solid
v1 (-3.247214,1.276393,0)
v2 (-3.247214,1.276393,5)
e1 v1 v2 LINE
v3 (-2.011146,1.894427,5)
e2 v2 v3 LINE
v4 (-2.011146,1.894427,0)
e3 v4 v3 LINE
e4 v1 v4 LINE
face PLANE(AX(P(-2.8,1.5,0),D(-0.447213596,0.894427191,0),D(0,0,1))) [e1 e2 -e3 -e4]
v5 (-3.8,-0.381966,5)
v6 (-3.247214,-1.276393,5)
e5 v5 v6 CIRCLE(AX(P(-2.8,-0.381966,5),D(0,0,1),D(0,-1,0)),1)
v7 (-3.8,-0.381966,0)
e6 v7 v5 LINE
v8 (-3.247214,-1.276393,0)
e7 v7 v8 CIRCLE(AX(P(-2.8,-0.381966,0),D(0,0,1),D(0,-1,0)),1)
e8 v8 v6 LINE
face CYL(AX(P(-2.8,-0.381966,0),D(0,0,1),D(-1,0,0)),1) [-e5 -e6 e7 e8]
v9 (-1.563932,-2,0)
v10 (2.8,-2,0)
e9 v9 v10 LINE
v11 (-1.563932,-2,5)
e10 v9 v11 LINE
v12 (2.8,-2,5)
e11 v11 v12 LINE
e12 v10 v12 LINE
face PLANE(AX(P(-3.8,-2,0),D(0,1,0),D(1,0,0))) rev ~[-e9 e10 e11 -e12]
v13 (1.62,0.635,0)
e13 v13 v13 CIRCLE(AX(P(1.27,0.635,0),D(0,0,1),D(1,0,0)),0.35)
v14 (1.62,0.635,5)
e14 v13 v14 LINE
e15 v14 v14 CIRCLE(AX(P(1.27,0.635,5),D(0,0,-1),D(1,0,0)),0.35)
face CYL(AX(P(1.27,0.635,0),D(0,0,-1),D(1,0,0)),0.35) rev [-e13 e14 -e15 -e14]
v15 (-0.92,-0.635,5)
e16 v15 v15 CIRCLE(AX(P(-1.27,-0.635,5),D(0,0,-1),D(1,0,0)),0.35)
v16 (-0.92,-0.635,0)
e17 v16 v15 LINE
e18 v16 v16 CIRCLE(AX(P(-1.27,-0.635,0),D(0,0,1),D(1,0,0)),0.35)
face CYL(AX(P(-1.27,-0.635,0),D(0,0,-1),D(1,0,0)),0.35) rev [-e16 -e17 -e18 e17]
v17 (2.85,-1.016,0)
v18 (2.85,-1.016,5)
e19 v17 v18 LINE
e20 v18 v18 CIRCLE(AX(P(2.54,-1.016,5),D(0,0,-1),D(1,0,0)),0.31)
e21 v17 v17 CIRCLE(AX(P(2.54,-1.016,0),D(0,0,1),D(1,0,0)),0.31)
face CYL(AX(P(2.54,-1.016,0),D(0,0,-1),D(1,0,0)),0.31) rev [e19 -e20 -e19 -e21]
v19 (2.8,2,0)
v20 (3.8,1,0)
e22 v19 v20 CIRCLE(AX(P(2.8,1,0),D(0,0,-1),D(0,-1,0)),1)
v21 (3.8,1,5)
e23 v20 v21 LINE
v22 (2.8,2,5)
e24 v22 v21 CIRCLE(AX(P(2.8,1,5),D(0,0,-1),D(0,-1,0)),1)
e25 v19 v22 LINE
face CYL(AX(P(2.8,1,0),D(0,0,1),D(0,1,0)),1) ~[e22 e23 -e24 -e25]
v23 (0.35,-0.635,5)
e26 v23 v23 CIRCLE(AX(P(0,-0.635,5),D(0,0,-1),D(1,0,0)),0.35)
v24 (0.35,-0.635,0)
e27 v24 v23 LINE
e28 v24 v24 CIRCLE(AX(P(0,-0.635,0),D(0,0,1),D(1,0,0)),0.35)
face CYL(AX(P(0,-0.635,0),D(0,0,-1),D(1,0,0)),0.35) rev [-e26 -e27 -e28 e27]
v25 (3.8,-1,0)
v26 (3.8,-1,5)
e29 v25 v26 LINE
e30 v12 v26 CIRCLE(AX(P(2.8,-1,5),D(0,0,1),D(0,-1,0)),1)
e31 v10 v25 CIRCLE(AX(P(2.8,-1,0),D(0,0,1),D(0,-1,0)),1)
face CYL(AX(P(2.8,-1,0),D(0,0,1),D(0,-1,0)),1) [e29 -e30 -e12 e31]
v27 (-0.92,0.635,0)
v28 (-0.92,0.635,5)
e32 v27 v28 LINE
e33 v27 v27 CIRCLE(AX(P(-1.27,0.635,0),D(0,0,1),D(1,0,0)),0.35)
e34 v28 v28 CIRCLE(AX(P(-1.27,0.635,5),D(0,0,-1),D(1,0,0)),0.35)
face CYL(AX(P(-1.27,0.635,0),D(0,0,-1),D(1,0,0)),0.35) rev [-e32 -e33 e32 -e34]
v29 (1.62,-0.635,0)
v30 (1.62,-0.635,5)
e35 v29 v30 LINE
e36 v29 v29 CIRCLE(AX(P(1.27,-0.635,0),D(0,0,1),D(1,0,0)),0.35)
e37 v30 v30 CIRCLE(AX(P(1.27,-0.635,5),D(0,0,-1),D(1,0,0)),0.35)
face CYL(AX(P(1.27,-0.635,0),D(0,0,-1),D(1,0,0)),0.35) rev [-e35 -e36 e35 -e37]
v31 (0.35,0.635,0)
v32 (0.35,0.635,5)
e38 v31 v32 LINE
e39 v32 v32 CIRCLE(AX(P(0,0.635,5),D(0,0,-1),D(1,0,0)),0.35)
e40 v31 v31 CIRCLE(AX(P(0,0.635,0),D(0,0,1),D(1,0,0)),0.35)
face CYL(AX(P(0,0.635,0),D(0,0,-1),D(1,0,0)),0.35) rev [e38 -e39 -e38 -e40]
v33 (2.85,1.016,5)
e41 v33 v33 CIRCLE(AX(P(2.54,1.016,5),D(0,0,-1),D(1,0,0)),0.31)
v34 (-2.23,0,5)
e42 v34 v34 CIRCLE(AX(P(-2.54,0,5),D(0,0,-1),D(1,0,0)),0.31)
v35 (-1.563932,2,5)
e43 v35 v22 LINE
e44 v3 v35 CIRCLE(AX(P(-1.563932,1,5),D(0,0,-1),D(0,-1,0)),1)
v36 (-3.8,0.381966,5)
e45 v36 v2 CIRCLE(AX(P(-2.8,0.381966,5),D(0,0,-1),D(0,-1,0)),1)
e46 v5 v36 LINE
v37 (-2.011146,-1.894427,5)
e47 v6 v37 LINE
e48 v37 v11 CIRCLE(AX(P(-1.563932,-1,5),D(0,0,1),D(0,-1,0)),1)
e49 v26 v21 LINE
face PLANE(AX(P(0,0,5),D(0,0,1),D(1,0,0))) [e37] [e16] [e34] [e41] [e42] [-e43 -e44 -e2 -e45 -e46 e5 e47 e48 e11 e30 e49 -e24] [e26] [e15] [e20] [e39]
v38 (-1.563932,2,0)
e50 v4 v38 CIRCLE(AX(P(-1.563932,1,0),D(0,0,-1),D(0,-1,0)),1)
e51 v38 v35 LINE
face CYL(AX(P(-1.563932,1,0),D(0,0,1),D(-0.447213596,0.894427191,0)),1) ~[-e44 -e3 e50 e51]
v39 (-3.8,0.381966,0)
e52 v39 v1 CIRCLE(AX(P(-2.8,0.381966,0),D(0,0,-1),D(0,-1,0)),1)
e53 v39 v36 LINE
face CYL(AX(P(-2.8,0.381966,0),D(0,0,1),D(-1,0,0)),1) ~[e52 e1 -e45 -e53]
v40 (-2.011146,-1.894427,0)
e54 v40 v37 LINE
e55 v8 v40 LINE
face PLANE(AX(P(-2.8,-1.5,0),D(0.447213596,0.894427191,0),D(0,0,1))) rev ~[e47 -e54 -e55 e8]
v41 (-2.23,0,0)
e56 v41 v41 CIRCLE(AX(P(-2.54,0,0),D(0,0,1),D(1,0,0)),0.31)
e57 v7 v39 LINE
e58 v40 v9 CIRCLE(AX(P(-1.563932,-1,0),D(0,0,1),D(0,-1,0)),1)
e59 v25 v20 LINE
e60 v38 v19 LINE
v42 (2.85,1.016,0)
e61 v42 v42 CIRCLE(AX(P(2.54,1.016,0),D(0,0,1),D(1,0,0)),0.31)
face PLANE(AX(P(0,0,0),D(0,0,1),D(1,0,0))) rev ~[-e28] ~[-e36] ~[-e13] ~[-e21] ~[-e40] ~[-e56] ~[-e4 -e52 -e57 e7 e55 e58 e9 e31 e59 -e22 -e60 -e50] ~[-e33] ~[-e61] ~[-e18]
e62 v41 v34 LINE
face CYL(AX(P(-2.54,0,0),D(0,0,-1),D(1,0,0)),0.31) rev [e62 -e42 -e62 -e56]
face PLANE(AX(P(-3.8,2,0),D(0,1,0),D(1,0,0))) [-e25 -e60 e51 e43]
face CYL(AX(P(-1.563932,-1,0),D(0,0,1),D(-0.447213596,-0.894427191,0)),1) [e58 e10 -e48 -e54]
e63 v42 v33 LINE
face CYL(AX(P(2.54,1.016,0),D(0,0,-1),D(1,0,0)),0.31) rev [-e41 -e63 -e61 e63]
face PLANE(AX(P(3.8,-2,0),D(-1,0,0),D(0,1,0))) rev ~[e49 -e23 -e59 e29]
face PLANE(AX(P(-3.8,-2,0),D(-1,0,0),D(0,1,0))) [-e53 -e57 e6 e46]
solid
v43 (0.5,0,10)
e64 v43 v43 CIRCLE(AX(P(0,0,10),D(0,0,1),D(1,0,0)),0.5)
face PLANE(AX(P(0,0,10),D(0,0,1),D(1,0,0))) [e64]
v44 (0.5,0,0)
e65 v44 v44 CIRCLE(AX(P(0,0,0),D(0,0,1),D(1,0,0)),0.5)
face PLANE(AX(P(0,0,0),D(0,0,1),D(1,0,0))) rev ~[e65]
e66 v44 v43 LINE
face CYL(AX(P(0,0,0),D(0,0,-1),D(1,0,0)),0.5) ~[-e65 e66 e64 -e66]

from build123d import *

# Parameters (mm, degrees)
CYLINDER_R        = 0.5
CYLINDER_DEPTH    = 10
CYLINDER001_R     = 0.35
CYLINDER001_DEPTH = 10
CYLINDER002_R     = 0.35
CYLINDER002_DEPTH = 10
CYLINDER003_R     = 0.35
CYLINDER003_DEPTH = 10
CYLINDER004_R     = 0.35
CYLINDER004_DEPTH = 10
CYLINDER005_R     = 0.35
CYLINDER005_DEPTH = 10
CYLINDER006_R     = 0.35
CYLINDER006_DEPTH = 10
CYLINDER008_R     = 0.31
CYLINDER008_DEPTH = 10
CYLINDER009_R     = 0.31
CYLINDER009_DEPTH = 10
CYLINDER007_R     = 0.31
CYLINDER007_DEPTH = 10
BOX_W             = 7.6
BOX_H             = 4
BOX_DEPTH         = 5
CHAMFER_SIZE2     = 2
CHAMFER_SIZE      = 1
FILLET_R          = 1


with BuildPart() as cylinder:
    # Cylinder → Cylinder (new body)
    with BuildSketch(Plane.XY):
        Circle(CYLINDER_R)
    extrude(amount=CYLINDER_DEPTH)


with BuildPart() as pin001:
    # Cylinder001 → Cylinder001 (new body)
    with BuildSketch(Plane(origin=(0, 0.635, 0), x_dir=(1, 0, 0), z_dir=(0, 0, 1))):
        Circle(CYLINDER001_R)
    extrude(amount=CYLINDER001_DEPTH)


with BuildPart() as pin002:
    # Cylinder002 → Cylinder002 (new body)
    with BuildSketch(Plane(origin=(0, -0.635, 0), x_dir=(1, 0, 0), z_dir=(0, 0, 1))):
        Circle(CYLINDER002_R)
    extrude(amount=CYLINDER002_DEPTH)


with BuildPart() as pin003:
    # Cylinder003 → Cylinder003 (new body)
    with BuildSketch(Plane(origin=(-1.27, 0.635, 0), x_dir=(1, 0, 0), z_dir=(0, 0, 1))):
        Circle(CYLINDER003_R)
    extrude(amount=CYLINDER003_DEPTH)


with BuildPart() as pin004:
    # Cylinder004 → Cylinder004 (new body)
    with BuildSketch(Plane(origin=(-1.27, -0.635, 0), x_dir=(1, 0, 0), z_dir=(0, 0, 1))):
        Circle(CYLINDER004_R)
    extrude(amount=CYLINDER004_DEPTH)


with BuildPart() as pin005:
    # Cylinder005 → Cylinder005 (new body)
    with BuildSketch(Plane(origin=(1.27, 0.635, 0), x_dir=(1, 0, 0), z_dir=(0, 0, 1))):
        Circle(CYLINDER005_R)
    extrude(amount=CYLINDER005_DEPTH)


with BuildPart() as pins:
    # Cylinder006 → Cylinder006 (new body)
    with BuildSketch(Plane(origin=(1.27, -0.635, 0), x_dir=(1, 0, 0), z_dir=(0, 0, 1))):
        Circle(CYLINDER006_R)
    extrude(amount=CYLINDER006_DEPTH)

    # Compound: union pin001, pin002, pin003, pin004, pin005
    add(pin001.part)
    add(pin002.part)
    add(pin003.part)
    add(pin004.part)
    add(pin005.part)


with BuildPart() as guide002:
    # Cylinder008 → Cylinder008 (new body)
    with BuildSketch(Plane(origin=(2.54, 1.016, 0), x_dir=(1, 0, 0), z_dir=(0, 0, 1))):
        Circle(CYLINDER008_R)
    extrude(amount=CYLINDER008_DEPTH)


with BuildPart() as guide003:
    # Cylinder009 → Cylinder009 (new body)
    with BuildSketch(Plane(origin=(2.54, -1.016, 0), x_dir=(1, 0, 0), z_dir=(0, 0, 1))):
        Circle(CYLINDER009_R)
    extrude(amount=CYLINDER009_DEPTH)


with BuildPart() as cutouts:
    # Cylinder007 → Cylinder007 (new body)
    with BuildSketch(Plane(origin=(-2.54, 0, 0), x_dir=(1, 0, 0), z_dir=(0, 0, 1))):
        Circle(CYLINDER007_R)
    extrude(amount=CYLINDER007_DEPTH)

    # Compound001: union guide002, guide003
    add(guide002.part)
    add(guide003.part)

    # Compound002: union Pins
    add(pins.part)


with BuildPart() as tc2030_nl:
    # Box → Box (new body)
    with BuildSketch(Plane(origin=(-3.8, -2, 0), x_dir=(1, 0, 0), z_dir=(0, 0, 1))):
        with Locations((3.8, 2)):
            Rectangle(BOX_W, BOX_H)
    extrude(amount=BOX_DEPTH)

    # Chamfer
    chamfer_edges = [tc2030_nl.edges().sort_by_distance(p)[0] for p in [
        (-3.8, -2, 2.5),
        (-3.8, 2, 2.5),
    ]]
    chamfer_side = tc2030_nl.faces().sort_by_distance((-3.8, 0, 2.5))[0]
    chamfer(chamfer_edges, length=CHAMFER_SIZE, length2=CHAMFER_SIZE2, reference=chamfer_side)

    # Fillet
    fillet_edges = [tc2030_nl.edges().sort_by_distance(p)[0] for p in [
        (-3.8, -1, 2.5),
        (-3.8, 1, 2.5),
        (-1.8, -2, 2.5),
        (-1.8, 2, 2.5),
        (3.8, -2, 2.5),
        (3.8, 2, 2.5),
    ]]
    fillet(fillet_edges, radius=FILLET_R)

    # Cut: cut Cutouts
    add(cutouts.part, mode=Mode.SUBTRACT)


solid = Compound([cylinder.part, tc2030_nl.part])
